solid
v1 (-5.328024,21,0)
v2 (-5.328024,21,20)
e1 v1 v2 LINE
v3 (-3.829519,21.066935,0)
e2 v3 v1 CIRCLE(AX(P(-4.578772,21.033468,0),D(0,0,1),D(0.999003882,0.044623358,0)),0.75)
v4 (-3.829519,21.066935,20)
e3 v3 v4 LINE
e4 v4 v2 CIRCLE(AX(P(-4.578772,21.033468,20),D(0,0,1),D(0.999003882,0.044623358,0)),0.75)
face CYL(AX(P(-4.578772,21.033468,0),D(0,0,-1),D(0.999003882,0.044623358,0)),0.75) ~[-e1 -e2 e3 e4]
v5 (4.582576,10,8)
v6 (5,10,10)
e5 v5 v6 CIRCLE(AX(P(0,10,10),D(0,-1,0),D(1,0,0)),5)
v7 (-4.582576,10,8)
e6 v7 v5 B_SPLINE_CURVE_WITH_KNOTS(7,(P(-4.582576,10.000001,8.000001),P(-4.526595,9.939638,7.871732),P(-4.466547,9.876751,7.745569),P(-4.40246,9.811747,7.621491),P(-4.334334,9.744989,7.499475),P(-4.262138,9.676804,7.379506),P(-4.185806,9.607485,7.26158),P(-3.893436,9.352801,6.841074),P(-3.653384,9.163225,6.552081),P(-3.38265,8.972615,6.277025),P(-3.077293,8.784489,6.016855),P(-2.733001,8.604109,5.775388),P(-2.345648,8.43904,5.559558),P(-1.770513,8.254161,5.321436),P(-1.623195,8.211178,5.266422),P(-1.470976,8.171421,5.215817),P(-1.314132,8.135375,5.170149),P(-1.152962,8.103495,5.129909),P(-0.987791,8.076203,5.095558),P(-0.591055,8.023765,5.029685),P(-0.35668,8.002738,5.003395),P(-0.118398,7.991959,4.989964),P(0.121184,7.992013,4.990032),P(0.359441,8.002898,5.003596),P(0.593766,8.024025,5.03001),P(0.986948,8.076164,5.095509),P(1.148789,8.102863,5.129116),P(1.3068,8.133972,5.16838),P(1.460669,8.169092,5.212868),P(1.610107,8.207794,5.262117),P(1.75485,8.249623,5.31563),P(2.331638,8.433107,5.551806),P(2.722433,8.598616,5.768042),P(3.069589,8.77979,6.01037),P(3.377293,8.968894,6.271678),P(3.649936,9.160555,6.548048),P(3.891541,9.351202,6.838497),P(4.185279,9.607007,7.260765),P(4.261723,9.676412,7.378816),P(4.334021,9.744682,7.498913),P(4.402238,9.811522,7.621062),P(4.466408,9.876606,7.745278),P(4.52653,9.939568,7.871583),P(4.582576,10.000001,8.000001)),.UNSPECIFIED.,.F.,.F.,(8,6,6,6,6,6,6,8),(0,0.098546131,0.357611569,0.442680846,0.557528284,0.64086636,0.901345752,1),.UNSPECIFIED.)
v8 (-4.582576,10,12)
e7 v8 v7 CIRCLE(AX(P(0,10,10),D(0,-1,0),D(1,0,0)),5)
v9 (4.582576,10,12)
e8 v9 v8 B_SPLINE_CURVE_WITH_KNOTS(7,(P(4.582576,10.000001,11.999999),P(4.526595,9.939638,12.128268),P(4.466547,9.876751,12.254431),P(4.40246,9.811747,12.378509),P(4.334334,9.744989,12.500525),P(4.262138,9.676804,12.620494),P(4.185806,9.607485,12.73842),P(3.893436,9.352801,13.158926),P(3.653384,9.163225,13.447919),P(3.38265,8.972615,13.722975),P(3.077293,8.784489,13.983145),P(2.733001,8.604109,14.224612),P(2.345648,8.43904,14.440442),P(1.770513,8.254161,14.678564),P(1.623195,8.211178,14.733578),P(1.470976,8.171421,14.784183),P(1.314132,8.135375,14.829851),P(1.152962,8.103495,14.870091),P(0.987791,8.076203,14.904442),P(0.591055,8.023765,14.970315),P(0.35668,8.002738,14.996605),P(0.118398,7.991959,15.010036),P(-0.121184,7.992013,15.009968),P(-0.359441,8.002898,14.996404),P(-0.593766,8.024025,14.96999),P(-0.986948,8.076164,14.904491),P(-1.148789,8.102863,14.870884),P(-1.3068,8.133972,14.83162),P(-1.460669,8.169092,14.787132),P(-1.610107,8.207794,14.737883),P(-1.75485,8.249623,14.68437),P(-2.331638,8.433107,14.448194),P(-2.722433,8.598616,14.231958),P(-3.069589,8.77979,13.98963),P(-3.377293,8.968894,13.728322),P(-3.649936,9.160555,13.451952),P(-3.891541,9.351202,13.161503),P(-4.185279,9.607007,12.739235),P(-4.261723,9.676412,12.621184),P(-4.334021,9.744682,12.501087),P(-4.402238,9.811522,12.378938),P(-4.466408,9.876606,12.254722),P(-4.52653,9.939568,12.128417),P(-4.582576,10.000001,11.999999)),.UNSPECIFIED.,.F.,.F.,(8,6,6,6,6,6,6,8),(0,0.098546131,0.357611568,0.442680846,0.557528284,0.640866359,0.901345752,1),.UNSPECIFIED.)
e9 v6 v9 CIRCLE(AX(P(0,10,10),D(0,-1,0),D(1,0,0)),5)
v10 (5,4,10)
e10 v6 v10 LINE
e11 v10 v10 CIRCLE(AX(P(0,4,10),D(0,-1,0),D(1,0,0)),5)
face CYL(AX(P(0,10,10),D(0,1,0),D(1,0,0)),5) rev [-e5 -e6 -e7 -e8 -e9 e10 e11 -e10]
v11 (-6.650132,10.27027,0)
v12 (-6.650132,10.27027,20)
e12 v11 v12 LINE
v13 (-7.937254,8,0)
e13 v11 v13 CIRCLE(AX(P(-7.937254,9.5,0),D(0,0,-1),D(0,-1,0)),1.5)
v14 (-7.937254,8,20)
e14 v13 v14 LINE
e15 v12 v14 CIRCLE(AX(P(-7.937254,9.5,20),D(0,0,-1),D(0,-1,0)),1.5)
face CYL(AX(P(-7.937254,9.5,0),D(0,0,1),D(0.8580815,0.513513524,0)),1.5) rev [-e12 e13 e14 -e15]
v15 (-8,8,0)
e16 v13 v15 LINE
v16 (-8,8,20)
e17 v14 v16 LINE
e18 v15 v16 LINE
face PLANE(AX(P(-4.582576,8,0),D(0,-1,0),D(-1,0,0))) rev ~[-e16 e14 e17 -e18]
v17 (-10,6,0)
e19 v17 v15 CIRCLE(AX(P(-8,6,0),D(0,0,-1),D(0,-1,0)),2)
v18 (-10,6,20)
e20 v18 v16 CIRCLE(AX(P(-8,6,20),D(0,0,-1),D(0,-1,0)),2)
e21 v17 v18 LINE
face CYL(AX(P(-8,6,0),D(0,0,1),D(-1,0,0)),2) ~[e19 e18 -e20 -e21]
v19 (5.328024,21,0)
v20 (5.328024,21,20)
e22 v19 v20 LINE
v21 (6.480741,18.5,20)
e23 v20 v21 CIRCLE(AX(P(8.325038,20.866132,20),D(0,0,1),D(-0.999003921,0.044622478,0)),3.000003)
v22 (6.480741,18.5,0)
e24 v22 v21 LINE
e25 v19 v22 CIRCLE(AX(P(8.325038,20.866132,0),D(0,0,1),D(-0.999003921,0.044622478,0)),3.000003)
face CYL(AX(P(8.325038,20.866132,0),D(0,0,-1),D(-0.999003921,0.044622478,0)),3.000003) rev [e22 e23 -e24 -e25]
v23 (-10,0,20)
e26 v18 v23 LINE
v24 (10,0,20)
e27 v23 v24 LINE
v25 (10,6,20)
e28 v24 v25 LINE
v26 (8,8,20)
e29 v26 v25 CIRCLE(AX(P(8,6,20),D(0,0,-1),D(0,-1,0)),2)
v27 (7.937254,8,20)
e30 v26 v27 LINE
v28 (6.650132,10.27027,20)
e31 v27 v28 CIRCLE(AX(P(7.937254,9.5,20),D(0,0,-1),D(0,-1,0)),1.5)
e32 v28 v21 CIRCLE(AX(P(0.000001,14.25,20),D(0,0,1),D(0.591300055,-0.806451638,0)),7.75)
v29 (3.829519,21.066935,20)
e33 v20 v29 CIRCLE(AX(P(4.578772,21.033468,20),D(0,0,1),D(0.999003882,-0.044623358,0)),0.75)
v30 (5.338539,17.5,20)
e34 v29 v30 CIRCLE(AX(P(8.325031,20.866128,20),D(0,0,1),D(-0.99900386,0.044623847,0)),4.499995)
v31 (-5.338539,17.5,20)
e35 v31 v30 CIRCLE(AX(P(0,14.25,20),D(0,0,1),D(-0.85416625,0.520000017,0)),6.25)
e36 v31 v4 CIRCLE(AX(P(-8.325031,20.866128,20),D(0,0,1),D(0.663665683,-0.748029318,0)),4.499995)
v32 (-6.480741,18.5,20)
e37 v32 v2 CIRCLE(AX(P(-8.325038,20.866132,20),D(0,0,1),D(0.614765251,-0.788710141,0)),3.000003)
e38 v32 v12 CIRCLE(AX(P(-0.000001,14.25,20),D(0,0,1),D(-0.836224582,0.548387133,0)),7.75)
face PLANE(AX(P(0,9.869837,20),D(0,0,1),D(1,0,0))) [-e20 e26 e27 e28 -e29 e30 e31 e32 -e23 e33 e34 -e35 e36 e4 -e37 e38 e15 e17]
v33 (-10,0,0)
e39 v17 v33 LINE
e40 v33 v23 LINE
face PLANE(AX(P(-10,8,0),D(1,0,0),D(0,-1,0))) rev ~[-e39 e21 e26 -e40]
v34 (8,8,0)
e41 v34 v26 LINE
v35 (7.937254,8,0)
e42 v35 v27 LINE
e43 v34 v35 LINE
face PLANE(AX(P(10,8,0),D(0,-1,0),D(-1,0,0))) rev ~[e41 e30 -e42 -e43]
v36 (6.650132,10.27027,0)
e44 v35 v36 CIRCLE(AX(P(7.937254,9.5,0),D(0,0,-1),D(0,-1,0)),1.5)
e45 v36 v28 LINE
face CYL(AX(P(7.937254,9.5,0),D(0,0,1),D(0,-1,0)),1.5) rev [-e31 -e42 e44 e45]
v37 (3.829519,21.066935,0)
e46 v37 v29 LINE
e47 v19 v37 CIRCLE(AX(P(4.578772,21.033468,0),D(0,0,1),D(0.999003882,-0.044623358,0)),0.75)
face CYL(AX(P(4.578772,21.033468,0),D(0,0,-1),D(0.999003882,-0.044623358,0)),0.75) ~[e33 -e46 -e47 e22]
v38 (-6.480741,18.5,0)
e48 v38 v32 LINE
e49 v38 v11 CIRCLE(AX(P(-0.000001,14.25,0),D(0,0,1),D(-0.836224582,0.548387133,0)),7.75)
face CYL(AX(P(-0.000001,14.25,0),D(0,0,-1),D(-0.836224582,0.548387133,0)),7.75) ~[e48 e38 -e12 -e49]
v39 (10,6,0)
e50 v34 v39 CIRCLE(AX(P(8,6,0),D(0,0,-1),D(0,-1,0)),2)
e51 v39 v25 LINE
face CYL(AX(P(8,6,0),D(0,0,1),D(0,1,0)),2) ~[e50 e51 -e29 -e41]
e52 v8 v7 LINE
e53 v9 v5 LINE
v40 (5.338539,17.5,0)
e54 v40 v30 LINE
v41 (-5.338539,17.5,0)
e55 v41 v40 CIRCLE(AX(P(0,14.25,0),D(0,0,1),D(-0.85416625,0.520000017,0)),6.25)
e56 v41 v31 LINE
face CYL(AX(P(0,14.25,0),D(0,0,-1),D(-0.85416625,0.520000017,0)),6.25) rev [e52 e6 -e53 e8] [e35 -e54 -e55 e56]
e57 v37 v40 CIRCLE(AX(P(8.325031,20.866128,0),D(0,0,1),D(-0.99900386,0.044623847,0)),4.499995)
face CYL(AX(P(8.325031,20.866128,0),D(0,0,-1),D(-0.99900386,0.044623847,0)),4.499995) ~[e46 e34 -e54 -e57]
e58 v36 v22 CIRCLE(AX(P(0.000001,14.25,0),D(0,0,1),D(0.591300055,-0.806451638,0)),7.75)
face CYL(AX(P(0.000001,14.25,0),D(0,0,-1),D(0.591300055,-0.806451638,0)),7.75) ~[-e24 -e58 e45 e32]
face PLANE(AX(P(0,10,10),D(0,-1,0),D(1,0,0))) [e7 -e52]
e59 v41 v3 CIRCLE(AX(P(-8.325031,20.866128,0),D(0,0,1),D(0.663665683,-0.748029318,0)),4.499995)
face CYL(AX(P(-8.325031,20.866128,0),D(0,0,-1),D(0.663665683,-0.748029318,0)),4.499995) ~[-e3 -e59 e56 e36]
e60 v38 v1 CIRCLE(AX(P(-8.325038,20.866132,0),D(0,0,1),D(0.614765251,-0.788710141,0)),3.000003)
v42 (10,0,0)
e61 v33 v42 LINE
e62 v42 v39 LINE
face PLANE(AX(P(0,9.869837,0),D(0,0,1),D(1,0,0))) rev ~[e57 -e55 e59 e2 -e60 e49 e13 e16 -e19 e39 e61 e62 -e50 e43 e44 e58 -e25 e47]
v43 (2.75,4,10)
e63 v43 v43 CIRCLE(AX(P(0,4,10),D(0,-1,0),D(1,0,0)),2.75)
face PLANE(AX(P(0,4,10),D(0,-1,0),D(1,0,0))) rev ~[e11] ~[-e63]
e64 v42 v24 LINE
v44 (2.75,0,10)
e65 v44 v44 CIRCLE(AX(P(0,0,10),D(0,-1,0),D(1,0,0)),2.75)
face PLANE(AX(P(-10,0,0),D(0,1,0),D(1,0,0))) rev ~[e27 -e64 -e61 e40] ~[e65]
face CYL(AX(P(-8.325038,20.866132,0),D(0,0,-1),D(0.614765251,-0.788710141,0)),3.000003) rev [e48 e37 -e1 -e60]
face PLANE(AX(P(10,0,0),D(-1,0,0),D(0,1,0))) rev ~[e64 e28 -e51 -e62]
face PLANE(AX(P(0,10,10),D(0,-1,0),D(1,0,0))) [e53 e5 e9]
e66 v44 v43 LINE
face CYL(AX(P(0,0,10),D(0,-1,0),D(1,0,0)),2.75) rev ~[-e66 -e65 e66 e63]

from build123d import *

# Parameters (mm, degrees)
PAD_DEPTH       = 20
FILLET_R        = 1.5
FILLET001_R     = 2
SKETCH001_R     = 2.75
POCKET_DEPTH    = 21.784467
SKETCH002_R     = 5
POCKET001_DEPTH = 6


with BuildPart() as part:
    # Sketch → Pad (new body)
    with BuildSketch(Plane.XY):
        with BuildLine():
            Line((-10, 0), (10, 0))
            Line((10, 0), (10, 8))
            Line((10, 8), (4.582576, 8))
            ThreePointArc((4.582576, 8), (7.626385, 12.87132), (6.480741, 18.5))
            ThreePointArc((5.328024, 21), (5.60069, 19.609971), (6.480741, 18.5))
            ThreePointArc((5.328024, 21), (4.612239, 21.78272), (3.829519, 21.066935))
            ThreePointArc((3.829519, 21.066935), (4.180655, 19.112817), (5.338539, 17.5))
            ThreePointArc((-5.338539, 17.5), (0, 8), (5.338539, 17.5))
            ThreePointArc((-5.338539, 17.5), (-4.180655, 19.112817), (-3.829519, 21.066935))
            ThreePointArc((-3.829519, 21.066935), (-4.612239, 21.78272), (-5.328024, 21))
            ThreePointArc((-6.480741, 18.5), (-5.60069, 19.609971), (-5.328024, 21))
            ThreePointArc((-6.480741, 18.5), (-7.626385, 12.87132), (-4.582576, 8))
            Line((-4.582576, 8), (-10, 8))
            Line((-10, 8), (-10, 0))
        make_face()
    extrude(amount=PAD_DEPTH)

    # Fillet
    fillet_edges = [part.edges().sort_by_distance(p)[0] for p in [
        (4.582576, 8, 10),
        (-4.582576, 8, 10),
    ]]
    fillet(fillet_edges, radius=FILLET_R)

    # Fillet001
    fillet001_edges = [part.edges().sort_by_distance(p)[0] for p in [
        (10, 8, 10),
        (-10, 8, 10),
    ]]
    fillet(fillet001_edges, radius=FILLET001_R)

    # Sketch001 (on Face7 of Fillet001) → Pocket (cut, through all)
    with BuildSketch(Plane.XZ):
        with Locations((0, 10)):
            Circle(SKETCH001_R)
    extrude(amount=-POCKET_DEPTH, mode=Mode.SUBTRACT)

    # Sketch002 (on DatumPlane) → Pocket001 (cut)
    with BuildSketch(Plane.XZ.offset(-10)):
        with Locations((0, 10)):
            Circle(SKETCH002_R)
    extrude(amount=POCKET001_DEPTH, mode=Mode.SUBTRACT)


solid = part.part
